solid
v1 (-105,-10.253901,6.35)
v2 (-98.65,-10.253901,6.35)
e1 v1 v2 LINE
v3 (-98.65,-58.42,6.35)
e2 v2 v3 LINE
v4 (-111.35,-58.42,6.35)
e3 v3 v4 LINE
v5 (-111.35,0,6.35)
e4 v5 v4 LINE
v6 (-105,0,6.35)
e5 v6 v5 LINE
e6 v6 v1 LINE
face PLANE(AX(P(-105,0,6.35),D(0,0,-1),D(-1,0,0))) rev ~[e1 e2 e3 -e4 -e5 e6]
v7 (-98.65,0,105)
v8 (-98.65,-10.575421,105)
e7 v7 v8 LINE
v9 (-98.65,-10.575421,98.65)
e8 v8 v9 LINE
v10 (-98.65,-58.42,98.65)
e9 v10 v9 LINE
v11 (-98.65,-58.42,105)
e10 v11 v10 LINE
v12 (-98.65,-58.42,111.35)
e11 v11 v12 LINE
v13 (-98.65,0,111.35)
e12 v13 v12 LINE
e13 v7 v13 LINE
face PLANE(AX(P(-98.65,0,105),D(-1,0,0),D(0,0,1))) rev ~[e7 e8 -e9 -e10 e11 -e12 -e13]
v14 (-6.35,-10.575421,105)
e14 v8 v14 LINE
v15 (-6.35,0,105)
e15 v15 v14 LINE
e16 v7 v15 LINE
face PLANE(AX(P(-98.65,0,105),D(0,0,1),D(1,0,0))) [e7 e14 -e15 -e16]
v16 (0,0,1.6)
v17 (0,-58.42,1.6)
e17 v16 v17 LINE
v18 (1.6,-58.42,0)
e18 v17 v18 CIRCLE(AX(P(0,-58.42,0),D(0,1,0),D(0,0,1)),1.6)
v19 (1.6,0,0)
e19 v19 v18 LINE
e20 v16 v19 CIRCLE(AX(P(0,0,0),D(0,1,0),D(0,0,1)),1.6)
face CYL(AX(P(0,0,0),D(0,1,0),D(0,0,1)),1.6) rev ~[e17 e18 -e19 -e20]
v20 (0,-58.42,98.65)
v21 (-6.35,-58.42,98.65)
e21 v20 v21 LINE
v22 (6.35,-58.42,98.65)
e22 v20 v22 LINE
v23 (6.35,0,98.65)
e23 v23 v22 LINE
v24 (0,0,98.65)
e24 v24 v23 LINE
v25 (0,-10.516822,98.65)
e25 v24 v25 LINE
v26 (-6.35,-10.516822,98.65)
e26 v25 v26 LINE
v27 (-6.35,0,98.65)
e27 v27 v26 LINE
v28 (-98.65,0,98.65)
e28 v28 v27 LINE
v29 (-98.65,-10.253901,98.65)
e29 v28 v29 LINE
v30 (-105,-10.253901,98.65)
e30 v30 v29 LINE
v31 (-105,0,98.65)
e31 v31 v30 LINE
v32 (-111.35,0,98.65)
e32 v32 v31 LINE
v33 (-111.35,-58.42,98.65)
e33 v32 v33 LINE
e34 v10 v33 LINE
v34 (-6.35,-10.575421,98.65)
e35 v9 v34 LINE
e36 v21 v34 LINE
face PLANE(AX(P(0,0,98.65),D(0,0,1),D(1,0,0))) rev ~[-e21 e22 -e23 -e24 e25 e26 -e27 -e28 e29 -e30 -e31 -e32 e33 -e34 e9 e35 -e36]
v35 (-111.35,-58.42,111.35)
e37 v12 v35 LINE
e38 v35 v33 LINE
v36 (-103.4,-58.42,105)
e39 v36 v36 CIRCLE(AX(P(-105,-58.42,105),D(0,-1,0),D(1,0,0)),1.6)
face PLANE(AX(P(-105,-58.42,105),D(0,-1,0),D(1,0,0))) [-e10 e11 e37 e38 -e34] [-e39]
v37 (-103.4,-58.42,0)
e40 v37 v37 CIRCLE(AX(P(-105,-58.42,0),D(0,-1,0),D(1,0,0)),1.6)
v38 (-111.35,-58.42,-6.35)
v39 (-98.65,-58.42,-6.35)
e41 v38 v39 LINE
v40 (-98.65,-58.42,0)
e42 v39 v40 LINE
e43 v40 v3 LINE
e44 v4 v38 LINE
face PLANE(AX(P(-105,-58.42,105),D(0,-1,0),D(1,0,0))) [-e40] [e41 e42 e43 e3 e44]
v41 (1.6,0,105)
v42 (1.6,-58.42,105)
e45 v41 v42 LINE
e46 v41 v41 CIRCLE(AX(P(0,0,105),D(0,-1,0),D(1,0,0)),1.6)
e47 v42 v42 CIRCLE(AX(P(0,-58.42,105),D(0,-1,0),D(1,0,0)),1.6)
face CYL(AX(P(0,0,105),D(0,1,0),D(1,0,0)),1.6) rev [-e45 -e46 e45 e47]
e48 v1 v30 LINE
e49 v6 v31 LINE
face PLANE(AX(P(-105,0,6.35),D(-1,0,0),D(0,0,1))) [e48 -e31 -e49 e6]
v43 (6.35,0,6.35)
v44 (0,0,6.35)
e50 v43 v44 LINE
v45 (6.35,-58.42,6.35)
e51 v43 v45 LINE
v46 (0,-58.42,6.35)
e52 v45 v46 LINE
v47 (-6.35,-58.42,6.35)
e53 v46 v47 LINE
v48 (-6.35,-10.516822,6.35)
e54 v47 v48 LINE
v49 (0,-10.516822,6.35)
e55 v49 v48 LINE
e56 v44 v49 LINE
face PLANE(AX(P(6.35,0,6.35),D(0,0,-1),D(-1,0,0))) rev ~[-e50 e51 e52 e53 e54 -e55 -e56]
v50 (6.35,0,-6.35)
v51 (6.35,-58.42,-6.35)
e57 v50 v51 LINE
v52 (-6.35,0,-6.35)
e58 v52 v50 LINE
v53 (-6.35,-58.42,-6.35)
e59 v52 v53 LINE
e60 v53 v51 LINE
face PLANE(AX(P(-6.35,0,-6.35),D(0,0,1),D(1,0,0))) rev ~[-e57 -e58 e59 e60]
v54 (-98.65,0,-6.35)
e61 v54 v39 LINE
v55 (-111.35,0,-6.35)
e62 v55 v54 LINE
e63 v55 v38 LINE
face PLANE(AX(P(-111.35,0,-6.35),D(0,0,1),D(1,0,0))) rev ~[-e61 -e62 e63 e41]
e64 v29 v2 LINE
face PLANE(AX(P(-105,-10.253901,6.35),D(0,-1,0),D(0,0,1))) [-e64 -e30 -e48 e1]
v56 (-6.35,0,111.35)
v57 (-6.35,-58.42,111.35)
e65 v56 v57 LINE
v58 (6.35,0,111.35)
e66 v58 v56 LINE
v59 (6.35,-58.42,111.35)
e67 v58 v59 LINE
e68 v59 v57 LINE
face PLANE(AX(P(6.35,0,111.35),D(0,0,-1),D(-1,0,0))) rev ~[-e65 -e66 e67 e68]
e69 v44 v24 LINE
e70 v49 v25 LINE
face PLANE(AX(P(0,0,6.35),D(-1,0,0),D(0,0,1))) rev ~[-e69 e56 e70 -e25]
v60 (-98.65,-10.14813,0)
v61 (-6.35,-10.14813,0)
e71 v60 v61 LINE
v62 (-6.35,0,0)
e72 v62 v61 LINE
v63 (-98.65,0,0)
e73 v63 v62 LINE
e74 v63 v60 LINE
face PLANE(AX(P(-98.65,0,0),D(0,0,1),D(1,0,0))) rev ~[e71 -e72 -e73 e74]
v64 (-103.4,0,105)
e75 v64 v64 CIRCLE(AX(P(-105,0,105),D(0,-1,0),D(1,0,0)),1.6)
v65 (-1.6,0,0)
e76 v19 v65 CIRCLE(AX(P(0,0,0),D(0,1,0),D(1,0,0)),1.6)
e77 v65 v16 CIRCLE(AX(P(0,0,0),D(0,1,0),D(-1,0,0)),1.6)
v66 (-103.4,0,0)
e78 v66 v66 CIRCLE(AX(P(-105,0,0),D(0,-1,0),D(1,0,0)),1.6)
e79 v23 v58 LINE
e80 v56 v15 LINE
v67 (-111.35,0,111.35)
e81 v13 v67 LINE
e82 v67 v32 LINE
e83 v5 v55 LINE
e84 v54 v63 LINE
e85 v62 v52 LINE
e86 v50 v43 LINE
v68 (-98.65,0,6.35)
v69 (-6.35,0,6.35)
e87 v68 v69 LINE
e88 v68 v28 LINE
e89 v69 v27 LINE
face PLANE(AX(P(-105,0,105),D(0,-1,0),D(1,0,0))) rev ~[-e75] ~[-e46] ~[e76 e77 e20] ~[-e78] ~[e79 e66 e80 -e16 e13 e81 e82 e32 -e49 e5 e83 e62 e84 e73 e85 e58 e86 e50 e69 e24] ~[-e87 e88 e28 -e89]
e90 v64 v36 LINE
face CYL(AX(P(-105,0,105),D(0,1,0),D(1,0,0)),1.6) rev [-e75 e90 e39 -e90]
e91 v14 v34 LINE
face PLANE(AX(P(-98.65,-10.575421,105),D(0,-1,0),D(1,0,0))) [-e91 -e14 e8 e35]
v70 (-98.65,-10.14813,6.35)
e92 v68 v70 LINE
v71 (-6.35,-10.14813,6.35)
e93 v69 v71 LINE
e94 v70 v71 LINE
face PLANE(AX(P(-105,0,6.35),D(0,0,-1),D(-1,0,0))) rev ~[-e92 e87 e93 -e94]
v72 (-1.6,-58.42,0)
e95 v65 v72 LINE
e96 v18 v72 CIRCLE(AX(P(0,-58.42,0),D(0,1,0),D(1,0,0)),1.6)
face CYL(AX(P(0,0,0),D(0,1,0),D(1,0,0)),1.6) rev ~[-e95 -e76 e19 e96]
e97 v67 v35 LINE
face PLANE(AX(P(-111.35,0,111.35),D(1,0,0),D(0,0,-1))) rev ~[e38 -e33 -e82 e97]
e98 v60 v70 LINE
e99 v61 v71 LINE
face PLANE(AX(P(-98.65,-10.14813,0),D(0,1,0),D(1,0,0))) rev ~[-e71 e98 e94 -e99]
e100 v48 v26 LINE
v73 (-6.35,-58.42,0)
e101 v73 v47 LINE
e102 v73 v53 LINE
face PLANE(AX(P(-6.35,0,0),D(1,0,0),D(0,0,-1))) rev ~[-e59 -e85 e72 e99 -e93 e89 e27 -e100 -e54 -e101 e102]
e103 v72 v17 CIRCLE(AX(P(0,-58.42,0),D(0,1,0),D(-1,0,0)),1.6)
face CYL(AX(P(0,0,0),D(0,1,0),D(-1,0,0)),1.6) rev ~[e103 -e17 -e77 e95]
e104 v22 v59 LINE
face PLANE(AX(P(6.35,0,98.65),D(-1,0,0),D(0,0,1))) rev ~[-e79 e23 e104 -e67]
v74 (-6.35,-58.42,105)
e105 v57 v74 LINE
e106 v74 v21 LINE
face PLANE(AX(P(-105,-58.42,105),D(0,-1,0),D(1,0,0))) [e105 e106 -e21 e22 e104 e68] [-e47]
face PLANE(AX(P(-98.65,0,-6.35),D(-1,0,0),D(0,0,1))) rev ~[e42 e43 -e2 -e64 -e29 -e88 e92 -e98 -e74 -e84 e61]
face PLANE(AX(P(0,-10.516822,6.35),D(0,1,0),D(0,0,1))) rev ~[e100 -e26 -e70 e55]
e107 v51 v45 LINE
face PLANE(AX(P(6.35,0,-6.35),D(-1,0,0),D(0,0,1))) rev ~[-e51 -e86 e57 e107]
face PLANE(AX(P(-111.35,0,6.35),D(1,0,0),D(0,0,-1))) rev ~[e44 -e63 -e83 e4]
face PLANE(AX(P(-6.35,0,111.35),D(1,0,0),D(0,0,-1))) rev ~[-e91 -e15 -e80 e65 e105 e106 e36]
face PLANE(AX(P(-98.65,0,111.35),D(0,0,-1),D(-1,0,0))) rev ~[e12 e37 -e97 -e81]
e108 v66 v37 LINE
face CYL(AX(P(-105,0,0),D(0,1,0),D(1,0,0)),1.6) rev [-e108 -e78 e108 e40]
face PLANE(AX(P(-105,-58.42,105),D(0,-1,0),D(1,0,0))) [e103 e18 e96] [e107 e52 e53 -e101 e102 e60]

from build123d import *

# Parameters (mm, degrees)
F0_R     = 1.6
F0_W     = 92.3
F0_H     = 6.35
F0_W_2   = 6.35
F0_H_2   = 92.3
F1_DEPTH = 58.42
F2_W     = 48.1660993379
F2_H     = 92.3
F3_DEPTH = 25.4
F4_W     = 92.3
F4_H     = 48.2718696427
F5_DEPTH = 25.4
F6_W     = 47.9031776619
F6_H     = 92.3
F7_DEPTH = 25.4
F8_W     = 92.3
F8_H     = 47.8445788455
F9_DEPTH = 25.4


with BuildPart() as f1:
    # F0 (on Front) → F1 (new body)
    with BuildSketch(Plane.XZ):
        Polygon((-98.65, 105), (-98.65, 111.35), (-111.35, 111.35), (-111.35, 98.65), (-105, 98.65), (-98.65, 98.65), align=None)
        with Locations((-105, 105)):
            Circle(F0_R, mode=Mode.SUBTRACT)
        with Locations((-52.5, 101.825)):
            Rectangle(F0_W, F0_H)
        with Locations((-101.825, 52.5)):
            Rectangle(F0_W_2, F0_H_2)
        Polygon((-6.35, 111.35), (-6.35, 105), (-6.35, 98.65), (0, 98.65), (6.35, 98.65), (6.35, 111.35), align=None)
        with Locations((0, 105)):
            Circle(F0_R, mode=Mode.SUBTRACT)
        Polygon((-98.65, 0), (-98.65, 6.35), (-105, 6.35), (-111.35, 6.35), (-111.35, -6.35), (-98.65, -6.35), align=None)
        with Locations((-105, 0)):
            Circle(F0_R, mode=Mode.SUBTRACT)
        with Locations((-52.5, 3.175)):
            Rectangle(F0_W, F0_H)
        with Locations((-3.175, 52.5)):
            Rectangle(F0_W_2, F0_H_2)
        with BuildLine():
            Line((0, 6.35), (-6.35, 6.35))
            Line((-6.35, 6.35), (-6.35, 0))
            Line((-6.35, 0), (-1.6, 0))
            ThreePointArc((-1.6, 0), (-1.1313708499, 1.1313708499), (0, 1.6))
            Line((0, 1.6), (0, 6.35))
        make_face()
        with BuildLine():
            Line((-1.6, 0), (-6.35, 0))
            Line((-6.35, 0), (-6.35, -6.35))
            Line((-6.35, -6.35), (6.35, -6.35))
            Line((6.35, -6.35), (6.35, 6.35))
            Line((6.35, 6.35), (0, 6.35))
            Line((0, 6.35), (0, 1.6))
            ThreePointArc((0, 1.6), (1.1313708499, 1.1313708499), (1.6, 0))
            ThreePointArc((1.6, 0), (0, -1.6), (-1.6, 0))
        make_face()
    extrude(amount=F1_DEPTH)

    # F2 (on face) → F3 (cut)
    with BuildSketch(Plane(origin=(-105, 0, 0), x_dir=(0, -1, 0), z_dir=(-1, 0, 0))):
        with Locations((34.336950331, 52.5)):
            Rectangle(F2_W, F2_H)
    extrude(amount=-F3_DEPTH, mode=Mode.SUBTRACT)

    # F4 (on face) → F5 (cut)
    with BuildSketch(Plane(origin=(0, 0, 0), x_dir=(1, 0, 0), z_dir=(0, 0, -1))):
        with Locations((-52.5, 34.2840651786)):
            Rectangle(F4_W, F4_H)
    extrude(amount=-F5_DEPTH, mode=Mode.SUBTRACT)

    # F6 (on face) → F7 (cut)
    with BuildSketch(Plane.YZ):
        with Locations((-34.4684111691, 52.5)):
            Rectangle(F6_W, F6_H)
    extrude(amount=-F7_DEPTH, mode=Mode.SUBTRACT)

    # F8 (on face) → F9 (cut)
    with BuildSketch(Plane.XY.offset(105)):
        with Locations((-52.5, -34.4977105772)):
            Rectangle(F8_W, F8_H)
    extrude(amount=-F9_DEPTH, mode=Mode.SUBTRACT)


solid = f1.part
